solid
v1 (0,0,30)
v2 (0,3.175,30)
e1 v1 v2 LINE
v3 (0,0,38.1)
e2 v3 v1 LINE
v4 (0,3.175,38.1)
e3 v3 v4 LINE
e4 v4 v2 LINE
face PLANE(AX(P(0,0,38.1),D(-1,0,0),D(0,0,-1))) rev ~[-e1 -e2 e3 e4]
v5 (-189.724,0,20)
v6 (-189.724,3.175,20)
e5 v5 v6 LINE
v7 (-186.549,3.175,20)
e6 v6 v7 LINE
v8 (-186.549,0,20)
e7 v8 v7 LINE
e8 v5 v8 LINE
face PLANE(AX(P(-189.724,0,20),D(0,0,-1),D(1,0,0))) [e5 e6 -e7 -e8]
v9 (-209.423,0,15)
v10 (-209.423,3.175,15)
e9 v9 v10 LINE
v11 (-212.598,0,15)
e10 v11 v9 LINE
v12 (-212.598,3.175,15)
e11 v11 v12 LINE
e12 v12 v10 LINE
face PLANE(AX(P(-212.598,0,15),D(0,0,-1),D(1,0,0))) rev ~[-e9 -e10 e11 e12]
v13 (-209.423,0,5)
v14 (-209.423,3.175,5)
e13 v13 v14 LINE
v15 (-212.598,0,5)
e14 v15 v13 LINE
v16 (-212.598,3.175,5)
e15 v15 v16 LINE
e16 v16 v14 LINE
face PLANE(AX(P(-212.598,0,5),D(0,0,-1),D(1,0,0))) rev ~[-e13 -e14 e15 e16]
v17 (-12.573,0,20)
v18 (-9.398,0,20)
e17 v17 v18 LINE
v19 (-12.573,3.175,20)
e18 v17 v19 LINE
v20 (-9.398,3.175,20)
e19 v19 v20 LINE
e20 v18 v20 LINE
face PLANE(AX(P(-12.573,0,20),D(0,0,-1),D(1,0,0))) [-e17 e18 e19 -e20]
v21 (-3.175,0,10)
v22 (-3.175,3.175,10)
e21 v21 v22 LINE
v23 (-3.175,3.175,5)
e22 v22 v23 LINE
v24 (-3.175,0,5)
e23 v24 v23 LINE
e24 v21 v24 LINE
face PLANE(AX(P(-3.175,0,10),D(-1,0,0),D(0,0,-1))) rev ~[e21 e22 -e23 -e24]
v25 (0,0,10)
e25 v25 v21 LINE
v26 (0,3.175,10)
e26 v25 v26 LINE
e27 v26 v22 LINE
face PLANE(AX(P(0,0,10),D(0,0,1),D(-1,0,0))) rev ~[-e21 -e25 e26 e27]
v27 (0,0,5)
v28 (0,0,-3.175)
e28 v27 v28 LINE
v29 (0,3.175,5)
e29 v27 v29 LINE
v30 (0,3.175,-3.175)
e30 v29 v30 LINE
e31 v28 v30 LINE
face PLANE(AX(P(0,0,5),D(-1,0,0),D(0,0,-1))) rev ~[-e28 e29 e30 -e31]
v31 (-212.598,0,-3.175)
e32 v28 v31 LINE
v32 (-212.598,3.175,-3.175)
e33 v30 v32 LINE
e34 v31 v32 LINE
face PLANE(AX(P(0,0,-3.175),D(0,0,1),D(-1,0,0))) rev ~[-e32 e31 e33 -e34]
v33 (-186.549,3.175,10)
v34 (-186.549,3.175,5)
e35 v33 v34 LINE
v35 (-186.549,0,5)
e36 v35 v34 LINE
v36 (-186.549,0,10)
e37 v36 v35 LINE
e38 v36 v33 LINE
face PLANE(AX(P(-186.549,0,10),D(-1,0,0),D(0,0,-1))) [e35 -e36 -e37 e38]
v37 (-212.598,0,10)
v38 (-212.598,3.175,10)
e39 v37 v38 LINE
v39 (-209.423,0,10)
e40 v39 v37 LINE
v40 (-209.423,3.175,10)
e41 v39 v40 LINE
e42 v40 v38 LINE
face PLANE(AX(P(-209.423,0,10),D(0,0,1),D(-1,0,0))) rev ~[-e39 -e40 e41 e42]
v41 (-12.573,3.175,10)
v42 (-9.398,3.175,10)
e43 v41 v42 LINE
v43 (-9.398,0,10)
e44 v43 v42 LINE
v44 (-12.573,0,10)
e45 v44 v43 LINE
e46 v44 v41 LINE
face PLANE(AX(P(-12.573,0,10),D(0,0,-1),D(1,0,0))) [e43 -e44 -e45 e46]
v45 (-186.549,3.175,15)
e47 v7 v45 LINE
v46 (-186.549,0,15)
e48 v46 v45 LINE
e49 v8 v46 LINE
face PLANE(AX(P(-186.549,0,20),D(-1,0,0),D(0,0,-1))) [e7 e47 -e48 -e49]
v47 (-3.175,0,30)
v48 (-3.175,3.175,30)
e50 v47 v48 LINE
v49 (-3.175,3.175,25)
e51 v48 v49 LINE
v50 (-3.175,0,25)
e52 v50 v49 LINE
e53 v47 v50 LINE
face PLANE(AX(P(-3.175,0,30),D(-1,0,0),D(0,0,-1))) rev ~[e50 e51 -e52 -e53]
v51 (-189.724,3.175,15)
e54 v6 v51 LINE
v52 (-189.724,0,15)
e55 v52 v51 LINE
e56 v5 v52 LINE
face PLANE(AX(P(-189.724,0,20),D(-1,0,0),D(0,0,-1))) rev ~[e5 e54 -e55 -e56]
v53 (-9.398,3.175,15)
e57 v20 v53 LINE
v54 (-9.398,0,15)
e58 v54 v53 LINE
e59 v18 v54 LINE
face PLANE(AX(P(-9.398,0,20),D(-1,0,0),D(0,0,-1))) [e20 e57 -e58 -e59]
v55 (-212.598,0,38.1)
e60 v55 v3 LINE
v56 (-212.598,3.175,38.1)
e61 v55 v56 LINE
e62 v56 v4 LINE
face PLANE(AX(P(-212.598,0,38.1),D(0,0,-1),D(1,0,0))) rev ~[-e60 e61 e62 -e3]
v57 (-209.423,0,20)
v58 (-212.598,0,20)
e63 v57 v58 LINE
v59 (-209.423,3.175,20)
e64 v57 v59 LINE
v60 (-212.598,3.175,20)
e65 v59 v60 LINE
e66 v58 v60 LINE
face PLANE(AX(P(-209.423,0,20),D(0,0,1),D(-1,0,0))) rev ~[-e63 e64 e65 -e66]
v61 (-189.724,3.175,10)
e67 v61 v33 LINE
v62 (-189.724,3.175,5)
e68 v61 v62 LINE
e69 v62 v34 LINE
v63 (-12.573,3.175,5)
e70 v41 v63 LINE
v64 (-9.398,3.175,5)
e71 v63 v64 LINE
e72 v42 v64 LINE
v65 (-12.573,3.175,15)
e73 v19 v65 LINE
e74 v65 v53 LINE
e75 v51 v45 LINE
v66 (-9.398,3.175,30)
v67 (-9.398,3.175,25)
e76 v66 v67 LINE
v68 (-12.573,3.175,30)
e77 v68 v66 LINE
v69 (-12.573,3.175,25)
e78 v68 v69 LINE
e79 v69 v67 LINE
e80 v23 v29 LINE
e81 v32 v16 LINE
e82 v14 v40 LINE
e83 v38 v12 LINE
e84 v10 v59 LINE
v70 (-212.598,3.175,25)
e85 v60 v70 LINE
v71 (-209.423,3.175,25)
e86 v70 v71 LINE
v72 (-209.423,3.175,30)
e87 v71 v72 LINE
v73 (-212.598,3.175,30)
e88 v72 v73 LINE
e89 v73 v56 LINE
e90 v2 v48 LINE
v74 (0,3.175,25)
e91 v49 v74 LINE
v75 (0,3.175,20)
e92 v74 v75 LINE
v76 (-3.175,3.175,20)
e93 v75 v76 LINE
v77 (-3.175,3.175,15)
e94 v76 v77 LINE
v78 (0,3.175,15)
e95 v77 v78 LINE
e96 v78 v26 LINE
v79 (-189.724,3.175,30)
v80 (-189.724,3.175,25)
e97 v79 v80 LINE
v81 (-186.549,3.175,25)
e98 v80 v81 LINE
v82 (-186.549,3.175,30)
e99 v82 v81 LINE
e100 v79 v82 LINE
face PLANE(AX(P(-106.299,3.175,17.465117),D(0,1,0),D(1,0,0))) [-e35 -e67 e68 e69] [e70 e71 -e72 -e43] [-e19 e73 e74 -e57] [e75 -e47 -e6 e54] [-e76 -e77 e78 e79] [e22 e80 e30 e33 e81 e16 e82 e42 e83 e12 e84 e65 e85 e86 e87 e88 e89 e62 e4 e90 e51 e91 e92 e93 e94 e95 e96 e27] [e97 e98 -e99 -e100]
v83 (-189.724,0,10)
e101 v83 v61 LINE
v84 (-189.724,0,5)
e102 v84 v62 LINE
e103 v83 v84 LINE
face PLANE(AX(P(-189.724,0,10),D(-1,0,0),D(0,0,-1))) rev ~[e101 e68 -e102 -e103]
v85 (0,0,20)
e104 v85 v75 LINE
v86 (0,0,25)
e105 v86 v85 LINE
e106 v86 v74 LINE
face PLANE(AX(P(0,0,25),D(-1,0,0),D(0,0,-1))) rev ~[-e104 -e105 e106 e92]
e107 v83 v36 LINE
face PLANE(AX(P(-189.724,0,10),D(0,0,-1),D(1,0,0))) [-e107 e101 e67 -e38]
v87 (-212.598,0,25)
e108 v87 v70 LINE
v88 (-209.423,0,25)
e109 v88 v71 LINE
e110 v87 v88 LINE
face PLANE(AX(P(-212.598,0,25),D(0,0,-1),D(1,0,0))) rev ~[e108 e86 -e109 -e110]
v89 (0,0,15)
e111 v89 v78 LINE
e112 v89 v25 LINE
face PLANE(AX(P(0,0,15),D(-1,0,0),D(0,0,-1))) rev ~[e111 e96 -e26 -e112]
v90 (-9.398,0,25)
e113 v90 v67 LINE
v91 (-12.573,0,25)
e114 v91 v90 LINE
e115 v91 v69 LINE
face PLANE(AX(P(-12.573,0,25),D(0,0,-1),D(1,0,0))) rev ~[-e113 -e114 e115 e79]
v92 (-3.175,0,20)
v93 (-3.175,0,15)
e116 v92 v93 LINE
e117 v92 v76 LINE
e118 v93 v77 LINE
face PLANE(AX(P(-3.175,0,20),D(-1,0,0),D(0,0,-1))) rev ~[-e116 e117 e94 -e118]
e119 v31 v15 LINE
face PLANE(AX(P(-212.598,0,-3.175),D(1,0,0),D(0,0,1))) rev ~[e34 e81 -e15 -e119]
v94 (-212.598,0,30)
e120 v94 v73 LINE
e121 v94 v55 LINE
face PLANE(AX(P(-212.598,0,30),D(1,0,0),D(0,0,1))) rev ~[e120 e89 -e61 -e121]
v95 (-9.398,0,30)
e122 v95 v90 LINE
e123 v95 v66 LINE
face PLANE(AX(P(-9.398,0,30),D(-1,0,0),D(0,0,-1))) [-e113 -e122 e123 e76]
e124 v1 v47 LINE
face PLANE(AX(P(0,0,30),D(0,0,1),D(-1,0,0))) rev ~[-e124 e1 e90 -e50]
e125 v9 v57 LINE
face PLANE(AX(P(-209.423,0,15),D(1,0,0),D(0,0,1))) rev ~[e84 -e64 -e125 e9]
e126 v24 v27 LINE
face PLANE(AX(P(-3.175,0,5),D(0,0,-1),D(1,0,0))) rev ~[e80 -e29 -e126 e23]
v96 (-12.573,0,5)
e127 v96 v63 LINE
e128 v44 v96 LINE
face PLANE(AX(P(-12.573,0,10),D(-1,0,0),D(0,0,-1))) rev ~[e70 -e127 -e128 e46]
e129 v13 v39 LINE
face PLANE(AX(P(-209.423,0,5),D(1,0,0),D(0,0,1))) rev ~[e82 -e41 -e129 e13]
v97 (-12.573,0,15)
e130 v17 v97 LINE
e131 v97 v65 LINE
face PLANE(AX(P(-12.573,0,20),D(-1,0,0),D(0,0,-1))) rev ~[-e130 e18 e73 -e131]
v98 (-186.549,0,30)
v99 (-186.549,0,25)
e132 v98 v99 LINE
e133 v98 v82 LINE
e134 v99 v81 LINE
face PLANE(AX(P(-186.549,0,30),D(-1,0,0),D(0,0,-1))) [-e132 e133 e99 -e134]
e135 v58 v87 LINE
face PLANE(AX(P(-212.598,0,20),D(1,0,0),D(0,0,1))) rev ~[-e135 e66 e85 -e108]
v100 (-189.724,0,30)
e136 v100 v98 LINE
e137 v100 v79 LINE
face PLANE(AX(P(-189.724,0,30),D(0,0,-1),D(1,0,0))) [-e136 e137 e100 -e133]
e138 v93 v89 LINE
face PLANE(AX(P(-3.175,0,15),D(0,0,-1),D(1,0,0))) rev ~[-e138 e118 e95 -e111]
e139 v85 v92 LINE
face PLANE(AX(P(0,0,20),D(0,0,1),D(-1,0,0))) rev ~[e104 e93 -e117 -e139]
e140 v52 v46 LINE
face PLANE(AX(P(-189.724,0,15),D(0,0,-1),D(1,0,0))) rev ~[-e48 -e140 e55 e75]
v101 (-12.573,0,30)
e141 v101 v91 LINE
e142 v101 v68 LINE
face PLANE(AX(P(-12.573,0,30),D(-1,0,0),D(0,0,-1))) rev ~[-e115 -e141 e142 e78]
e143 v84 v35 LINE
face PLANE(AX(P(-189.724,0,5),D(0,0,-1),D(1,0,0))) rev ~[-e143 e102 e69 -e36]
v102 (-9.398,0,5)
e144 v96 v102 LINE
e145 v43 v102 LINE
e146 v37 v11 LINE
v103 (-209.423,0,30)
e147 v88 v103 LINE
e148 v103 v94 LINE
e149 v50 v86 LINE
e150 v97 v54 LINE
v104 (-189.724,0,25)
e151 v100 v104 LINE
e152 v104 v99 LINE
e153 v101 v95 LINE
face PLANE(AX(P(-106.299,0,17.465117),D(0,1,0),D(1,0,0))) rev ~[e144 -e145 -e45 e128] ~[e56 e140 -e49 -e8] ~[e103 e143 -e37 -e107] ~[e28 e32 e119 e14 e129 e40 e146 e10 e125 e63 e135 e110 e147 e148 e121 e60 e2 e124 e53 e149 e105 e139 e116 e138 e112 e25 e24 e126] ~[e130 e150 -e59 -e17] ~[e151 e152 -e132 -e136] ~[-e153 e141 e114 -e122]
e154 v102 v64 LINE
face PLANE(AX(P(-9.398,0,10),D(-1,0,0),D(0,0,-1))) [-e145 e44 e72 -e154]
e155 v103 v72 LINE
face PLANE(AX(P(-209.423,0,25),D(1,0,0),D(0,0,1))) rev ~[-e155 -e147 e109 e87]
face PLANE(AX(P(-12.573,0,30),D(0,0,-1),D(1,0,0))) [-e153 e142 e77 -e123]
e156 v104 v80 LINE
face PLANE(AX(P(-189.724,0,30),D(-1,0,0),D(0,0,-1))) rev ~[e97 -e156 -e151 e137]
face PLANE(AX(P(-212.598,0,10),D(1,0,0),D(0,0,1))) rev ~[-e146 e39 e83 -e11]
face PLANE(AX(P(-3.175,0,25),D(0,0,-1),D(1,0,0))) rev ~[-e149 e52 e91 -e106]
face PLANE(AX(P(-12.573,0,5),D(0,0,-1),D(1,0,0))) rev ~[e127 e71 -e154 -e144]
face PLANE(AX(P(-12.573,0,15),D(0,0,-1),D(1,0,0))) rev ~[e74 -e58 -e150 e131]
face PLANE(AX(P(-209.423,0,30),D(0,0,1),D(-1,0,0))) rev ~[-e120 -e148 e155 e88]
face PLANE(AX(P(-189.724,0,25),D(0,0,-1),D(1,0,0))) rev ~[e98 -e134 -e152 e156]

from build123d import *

# Parameters (mm, degrees)
SKETCH1_W           = 3.175
SKETCH1_H           = 5
BOSS_EXTRUDE1_DEPTH = 3.175


with BuildPart() as part:
    # Sketch1 → Boss-Extrude1 (new body)
    with BuildSketch(Plane(origin=(0, 0, 0), x_dir=(1, 0, 0), z_dir=(0, 1, 0))):
        Polygon((-212.598, -5), (-209.423, -5), (-209.423, -10), (-212.598, -10), (-212.598, -15), (-209.423, -15), (-209.423, -20), (-212.598, -20), (-212.598, -25), (-209.423, -25), (-209.423, -30), (-212.598, -30), (-212.598, -38.1), (-209.423, -38.1), (-3.175, -38.1), (0, -38.1), (0, -30), (-3.175, -30), (-3.175, -25), (0, -25), (0, -20), (-3.175, -20), (-3.175, -15), (0, -15), (0, -10), (-3.175, -10), (-3.175, -5), (0, -5), (0, 0), (0, 3.175), (-212.598, 3.175), (-212.598, 0), align=None)
        with Locations((-188.136500028, -7.5)):
            Rectangle(SKETCH1_W, SKETCH1_H, mode=Mode.SUBTRACT)
        with Locations((-188.136500028, -17.5)):
            Rectangle(SKETCH1_W, SKETCH1_H, mode=Mode.SUBTRACT)
        with Locations((-188.136500028, -27.5)):
            Rectangle(SKETCH1_W, SKETCH1_H, mode=Mode.SUBTRACT)
        with Locations((-10.9855, -27.5)):
            Rectangle(SKETCH1_W, SKETCH1_H, mode=Mode.SUBTRACT)
        with Locations((-10.9855, -17.5)):
            Rectangle(SKETCH1_W, SKETCH1_H, mode=Mode.SUBTRACT)
        with Locations((-10.9855, -7.5)):
            Rectangle(SKETCH1_W, SKETCH1_H, mode=Mode.SUBTRACT)
    extrude(amount=BOSS_EXTRUDE1_DEPTH)


solid = part.part
